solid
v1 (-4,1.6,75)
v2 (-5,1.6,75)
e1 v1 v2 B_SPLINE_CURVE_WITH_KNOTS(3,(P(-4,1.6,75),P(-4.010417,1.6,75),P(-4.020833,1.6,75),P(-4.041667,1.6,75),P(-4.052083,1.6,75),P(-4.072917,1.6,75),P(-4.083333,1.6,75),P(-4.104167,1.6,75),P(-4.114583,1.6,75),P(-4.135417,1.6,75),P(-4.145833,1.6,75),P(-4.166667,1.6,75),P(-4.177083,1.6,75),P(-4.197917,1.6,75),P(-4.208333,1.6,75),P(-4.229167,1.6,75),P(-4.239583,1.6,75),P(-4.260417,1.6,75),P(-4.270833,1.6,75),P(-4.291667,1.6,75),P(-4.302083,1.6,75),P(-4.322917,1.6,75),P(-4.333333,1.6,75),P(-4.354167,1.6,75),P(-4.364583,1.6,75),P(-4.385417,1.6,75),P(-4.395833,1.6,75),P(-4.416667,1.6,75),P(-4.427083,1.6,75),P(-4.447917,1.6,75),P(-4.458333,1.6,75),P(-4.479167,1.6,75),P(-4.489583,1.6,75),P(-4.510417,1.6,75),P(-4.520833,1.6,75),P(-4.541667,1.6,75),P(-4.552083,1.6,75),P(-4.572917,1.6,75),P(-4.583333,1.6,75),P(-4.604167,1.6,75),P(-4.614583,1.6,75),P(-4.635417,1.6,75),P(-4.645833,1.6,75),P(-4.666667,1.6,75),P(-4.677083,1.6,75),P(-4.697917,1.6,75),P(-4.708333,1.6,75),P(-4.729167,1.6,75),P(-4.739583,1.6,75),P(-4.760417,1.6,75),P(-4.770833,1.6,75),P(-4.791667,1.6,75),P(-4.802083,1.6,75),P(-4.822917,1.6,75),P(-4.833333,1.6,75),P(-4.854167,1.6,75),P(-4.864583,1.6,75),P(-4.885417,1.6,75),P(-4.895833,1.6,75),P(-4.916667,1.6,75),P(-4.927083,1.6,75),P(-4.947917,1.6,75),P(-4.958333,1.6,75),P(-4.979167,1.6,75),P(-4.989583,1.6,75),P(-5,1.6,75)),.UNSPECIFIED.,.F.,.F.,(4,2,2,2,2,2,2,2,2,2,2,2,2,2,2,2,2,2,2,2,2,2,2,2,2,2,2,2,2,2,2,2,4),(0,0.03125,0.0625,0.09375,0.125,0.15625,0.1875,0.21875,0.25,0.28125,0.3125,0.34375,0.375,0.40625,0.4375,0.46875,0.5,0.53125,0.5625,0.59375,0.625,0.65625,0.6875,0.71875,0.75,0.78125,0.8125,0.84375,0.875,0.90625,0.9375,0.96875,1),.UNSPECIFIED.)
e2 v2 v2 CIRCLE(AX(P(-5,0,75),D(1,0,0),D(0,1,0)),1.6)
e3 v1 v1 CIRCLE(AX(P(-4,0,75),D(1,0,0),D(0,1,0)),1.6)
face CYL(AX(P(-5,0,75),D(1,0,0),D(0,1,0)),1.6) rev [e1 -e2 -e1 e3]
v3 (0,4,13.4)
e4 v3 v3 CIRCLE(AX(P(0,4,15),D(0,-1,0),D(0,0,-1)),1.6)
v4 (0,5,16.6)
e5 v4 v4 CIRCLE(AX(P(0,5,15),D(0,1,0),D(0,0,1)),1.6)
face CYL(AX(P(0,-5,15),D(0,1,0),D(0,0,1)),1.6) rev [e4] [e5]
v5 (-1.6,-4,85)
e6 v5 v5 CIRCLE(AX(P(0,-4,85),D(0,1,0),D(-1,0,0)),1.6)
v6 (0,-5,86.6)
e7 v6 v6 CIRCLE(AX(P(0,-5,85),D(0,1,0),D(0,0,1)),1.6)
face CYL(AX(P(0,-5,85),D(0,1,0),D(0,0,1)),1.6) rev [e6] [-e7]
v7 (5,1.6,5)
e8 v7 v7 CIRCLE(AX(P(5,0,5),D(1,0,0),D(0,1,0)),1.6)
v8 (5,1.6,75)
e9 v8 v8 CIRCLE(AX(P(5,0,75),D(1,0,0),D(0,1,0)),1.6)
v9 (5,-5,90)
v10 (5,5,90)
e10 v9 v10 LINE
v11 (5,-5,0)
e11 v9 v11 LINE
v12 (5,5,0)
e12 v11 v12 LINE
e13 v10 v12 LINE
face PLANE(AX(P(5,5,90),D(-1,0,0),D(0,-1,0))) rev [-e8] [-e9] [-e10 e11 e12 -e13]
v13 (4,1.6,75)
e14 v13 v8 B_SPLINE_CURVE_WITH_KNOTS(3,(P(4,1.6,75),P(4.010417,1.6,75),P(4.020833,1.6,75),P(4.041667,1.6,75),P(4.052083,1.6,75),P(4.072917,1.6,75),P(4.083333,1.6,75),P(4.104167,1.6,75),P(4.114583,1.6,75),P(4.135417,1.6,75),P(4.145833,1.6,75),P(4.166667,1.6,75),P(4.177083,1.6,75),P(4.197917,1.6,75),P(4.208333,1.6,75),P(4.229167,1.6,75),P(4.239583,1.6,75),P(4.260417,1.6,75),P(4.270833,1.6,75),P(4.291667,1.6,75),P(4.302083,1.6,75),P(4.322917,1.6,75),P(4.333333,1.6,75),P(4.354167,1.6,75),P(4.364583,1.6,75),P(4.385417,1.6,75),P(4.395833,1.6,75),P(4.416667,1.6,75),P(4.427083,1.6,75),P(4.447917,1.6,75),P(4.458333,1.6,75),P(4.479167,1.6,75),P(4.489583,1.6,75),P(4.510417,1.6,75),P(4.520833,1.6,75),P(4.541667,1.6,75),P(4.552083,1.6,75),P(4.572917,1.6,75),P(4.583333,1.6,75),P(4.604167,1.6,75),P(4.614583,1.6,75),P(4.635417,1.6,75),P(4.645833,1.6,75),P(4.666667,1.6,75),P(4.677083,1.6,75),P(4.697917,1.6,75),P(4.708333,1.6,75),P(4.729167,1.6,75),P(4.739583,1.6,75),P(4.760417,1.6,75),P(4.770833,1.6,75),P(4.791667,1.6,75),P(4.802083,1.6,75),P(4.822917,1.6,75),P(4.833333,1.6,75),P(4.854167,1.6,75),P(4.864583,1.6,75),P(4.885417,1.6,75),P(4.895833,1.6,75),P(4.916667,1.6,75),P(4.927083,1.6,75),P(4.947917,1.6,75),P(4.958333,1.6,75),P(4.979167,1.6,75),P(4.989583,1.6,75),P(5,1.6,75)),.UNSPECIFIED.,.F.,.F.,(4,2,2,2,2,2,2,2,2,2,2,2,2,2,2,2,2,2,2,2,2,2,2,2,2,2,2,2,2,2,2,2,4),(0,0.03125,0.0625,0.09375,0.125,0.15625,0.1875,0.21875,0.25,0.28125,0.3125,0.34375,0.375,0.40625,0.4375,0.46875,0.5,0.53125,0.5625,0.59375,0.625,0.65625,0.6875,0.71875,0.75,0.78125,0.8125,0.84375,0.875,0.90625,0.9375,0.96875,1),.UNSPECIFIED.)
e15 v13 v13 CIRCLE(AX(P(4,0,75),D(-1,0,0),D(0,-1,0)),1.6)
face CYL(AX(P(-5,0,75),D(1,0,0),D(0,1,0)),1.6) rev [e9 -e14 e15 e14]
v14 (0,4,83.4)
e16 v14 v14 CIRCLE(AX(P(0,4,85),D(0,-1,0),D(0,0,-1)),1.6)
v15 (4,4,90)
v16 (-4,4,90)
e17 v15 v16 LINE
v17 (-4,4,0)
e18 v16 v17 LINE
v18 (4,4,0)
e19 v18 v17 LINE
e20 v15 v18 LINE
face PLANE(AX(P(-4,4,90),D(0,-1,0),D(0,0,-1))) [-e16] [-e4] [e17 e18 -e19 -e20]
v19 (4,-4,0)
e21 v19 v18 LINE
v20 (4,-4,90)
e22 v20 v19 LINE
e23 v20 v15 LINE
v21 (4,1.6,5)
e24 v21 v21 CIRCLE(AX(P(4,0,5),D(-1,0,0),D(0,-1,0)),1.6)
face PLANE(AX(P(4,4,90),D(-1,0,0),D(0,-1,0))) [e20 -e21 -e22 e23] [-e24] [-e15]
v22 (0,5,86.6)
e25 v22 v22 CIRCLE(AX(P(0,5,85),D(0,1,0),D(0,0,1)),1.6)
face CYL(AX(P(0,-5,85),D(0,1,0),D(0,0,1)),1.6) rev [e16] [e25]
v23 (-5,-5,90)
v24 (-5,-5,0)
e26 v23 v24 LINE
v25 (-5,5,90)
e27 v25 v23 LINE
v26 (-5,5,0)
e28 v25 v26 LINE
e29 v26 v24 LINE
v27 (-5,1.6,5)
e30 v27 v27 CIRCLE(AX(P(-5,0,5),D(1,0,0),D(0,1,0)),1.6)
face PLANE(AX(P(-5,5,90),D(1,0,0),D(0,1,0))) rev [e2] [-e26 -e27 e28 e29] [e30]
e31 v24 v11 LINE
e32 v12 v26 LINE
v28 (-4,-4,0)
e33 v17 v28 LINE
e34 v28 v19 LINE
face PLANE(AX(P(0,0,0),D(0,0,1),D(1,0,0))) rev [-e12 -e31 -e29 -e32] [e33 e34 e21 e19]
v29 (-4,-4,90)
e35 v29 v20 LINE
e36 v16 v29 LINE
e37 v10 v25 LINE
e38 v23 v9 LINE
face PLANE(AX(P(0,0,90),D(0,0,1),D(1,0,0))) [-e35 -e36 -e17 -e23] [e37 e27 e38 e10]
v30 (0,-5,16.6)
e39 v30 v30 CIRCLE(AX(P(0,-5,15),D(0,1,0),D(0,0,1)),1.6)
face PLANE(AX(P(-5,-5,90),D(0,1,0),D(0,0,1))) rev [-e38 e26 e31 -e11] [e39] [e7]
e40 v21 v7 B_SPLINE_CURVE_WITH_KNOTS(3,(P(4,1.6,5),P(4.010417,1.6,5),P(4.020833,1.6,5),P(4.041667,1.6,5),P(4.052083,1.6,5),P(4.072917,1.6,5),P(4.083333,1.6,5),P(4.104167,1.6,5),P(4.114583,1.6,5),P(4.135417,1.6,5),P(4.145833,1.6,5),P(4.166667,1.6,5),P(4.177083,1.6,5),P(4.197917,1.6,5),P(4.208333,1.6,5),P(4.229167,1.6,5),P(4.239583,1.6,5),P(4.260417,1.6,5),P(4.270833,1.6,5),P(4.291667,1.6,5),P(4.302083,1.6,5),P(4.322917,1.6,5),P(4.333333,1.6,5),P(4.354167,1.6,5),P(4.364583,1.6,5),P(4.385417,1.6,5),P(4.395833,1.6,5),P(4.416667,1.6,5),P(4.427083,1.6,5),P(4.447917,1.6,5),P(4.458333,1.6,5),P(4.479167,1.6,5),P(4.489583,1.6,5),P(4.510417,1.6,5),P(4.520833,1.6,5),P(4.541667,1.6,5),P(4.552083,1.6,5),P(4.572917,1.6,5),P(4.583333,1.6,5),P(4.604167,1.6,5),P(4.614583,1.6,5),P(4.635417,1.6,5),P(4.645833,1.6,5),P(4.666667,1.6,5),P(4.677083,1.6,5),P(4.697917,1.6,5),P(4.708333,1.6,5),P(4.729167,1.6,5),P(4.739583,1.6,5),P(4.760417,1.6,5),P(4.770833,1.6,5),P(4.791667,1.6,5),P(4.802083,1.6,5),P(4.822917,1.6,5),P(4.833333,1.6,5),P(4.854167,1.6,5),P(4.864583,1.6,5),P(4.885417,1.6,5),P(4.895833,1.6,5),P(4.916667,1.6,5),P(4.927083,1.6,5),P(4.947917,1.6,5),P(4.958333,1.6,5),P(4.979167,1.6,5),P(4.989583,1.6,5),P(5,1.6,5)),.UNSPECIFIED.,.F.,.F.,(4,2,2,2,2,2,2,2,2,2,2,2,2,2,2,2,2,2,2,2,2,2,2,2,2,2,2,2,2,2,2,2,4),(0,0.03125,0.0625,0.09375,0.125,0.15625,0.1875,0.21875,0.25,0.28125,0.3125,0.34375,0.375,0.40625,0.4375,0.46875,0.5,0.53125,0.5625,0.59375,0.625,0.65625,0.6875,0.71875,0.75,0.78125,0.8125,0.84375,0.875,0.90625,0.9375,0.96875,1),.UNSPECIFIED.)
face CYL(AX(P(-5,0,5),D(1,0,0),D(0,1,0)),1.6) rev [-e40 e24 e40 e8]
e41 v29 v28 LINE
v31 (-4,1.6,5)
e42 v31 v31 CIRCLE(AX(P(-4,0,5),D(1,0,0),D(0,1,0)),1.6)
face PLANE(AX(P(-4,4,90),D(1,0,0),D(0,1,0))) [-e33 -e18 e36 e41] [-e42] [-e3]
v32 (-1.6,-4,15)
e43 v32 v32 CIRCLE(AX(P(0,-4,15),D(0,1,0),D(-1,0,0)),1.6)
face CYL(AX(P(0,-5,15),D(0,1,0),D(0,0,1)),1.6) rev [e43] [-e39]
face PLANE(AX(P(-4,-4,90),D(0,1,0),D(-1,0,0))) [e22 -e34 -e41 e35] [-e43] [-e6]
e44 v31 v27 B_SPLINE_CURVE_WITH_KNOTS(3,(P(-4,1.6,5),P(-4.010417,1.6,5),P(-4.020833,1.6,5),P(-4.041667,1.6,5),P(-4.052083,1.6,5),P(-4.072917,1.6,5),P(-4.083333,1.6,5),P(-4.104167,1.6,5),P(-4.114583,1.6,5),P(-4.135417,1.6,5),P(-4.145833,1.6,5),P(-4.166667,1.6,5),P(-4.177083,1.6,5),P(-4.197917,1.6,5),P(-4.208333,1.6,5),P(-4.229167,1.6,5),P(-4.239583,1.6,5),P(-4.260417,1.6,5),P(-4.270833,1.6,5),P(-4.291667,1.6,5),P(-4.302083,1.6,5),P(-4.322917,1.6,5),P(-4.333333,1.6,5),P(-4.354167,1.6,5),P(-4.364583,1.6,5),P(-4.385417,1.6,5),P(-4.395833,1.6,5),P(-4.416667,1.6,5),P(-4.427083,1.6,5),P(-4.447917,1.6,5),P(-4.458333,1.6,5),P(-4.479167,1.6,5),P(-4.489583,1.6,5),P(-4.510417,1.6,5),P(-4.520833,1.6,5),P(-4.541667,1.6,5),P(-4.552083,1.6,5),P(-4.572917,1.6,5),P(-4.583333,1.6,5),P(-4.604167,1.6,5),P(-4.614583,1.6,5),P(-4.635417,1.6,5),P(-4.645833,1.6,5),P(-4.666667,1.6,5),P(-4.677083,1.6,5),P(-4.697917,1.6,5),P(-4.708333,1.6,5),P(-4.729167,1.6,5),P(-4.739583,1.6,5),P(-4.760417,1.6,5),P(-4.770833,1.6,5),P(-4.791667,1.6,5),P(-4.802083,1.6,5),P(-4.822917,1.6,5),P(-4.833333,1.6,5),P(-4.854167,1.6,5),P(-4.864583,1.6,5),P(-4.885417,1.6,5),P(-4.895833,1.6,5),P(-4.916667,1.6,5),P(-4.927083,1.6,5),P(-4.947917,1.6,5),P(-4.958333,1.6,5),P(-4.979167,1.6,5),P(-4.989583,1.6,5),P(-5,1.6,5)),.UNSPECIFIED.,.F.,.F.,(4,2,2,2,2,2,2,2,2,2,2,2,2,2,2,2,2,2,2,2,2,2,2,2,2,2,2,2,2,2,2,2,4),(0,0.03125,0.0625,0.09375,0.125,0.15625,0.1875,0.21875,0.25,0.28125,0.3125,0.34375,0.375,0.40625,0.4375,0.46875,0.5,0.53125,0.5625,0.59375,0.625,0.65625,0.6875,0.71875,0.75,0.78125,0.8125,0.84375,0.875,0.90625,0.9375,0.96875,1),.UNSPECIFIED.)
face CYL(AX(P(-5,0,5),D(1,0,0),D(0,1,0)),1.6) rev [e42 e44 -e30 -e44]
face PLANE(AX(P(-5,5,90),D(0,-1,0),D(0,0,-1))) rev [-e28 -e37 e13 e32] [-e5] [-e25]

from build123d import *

# Parameters (mm, degrees)
SKETCH_1_W          = 10
SKETCH_1_H          = 10
SKETCH_1_W_2        = 8
SKETCH_1_H_2        = 8
EXTRUDE_1_DEPTH     = 90
SKETCH_2_R          = 1.6
CUT_EXTRUDE_1_DEPTH = 91.691785736
SKETCH_3_R          = 1.6
CUT_EXTRUDE_2_DEPTH = 91.691785736


with BuildPart() as part:
    # ｽｹｯﾁ1 → ﾎﾞｽ - 押し出し1 (new body)
    with BuildSketch(Plane.XY):
        Rectangle(SKETCH_1_W, SKETCH_1_H)
        Rectangle(SKETCH_1_W_2, SKETCH_1_H_2, mode=Mode.SUBTRACT)
    extrude(amount=EXTRUDE_1_DEPTH)

    # ｽｹｯﾁ2 → ｶｯﾄ - 押し出し1 (cut, through all)
    with BuildSketch(Plane(origin=(5, 0, 0), x_dir=(0, 0, -1), z_dir=(1, 0, 0))):
        with Locations(Location((-75, 0, 0), (0, 0, 90))):
            Circle(SKETCH_2_R)
        with Locations(Location((-5, 0, 0), (0, 0, 90))):
            Circle(SKETCH_2_R)
    extrude(amount=-CUT_EXTRUDE_1_DEPTH, mode=Mode.SUBTRACT)

    # ｽｹｯﾁ3 → ｶｯﾄ - 押し出し2 (cut, through all)
    with BuildSketch(Plane(origin=(0, 5, 0), x_dir=(1, 0, 0), z_dir=(0, 1, 0))):
        with Locations(Location((0, -15, 0), (0, 0, 270))):
            Circle(SKETCH_3_R)
        with Locations(Location((0, -85, 0), (0, 0, 270))):
            Circle(SKETCH_3_R)
    extrude(amount=-CUT_EXTRUDE_2_DEPTH, mode=Mode.SUBTRACT)


solid = part.part
